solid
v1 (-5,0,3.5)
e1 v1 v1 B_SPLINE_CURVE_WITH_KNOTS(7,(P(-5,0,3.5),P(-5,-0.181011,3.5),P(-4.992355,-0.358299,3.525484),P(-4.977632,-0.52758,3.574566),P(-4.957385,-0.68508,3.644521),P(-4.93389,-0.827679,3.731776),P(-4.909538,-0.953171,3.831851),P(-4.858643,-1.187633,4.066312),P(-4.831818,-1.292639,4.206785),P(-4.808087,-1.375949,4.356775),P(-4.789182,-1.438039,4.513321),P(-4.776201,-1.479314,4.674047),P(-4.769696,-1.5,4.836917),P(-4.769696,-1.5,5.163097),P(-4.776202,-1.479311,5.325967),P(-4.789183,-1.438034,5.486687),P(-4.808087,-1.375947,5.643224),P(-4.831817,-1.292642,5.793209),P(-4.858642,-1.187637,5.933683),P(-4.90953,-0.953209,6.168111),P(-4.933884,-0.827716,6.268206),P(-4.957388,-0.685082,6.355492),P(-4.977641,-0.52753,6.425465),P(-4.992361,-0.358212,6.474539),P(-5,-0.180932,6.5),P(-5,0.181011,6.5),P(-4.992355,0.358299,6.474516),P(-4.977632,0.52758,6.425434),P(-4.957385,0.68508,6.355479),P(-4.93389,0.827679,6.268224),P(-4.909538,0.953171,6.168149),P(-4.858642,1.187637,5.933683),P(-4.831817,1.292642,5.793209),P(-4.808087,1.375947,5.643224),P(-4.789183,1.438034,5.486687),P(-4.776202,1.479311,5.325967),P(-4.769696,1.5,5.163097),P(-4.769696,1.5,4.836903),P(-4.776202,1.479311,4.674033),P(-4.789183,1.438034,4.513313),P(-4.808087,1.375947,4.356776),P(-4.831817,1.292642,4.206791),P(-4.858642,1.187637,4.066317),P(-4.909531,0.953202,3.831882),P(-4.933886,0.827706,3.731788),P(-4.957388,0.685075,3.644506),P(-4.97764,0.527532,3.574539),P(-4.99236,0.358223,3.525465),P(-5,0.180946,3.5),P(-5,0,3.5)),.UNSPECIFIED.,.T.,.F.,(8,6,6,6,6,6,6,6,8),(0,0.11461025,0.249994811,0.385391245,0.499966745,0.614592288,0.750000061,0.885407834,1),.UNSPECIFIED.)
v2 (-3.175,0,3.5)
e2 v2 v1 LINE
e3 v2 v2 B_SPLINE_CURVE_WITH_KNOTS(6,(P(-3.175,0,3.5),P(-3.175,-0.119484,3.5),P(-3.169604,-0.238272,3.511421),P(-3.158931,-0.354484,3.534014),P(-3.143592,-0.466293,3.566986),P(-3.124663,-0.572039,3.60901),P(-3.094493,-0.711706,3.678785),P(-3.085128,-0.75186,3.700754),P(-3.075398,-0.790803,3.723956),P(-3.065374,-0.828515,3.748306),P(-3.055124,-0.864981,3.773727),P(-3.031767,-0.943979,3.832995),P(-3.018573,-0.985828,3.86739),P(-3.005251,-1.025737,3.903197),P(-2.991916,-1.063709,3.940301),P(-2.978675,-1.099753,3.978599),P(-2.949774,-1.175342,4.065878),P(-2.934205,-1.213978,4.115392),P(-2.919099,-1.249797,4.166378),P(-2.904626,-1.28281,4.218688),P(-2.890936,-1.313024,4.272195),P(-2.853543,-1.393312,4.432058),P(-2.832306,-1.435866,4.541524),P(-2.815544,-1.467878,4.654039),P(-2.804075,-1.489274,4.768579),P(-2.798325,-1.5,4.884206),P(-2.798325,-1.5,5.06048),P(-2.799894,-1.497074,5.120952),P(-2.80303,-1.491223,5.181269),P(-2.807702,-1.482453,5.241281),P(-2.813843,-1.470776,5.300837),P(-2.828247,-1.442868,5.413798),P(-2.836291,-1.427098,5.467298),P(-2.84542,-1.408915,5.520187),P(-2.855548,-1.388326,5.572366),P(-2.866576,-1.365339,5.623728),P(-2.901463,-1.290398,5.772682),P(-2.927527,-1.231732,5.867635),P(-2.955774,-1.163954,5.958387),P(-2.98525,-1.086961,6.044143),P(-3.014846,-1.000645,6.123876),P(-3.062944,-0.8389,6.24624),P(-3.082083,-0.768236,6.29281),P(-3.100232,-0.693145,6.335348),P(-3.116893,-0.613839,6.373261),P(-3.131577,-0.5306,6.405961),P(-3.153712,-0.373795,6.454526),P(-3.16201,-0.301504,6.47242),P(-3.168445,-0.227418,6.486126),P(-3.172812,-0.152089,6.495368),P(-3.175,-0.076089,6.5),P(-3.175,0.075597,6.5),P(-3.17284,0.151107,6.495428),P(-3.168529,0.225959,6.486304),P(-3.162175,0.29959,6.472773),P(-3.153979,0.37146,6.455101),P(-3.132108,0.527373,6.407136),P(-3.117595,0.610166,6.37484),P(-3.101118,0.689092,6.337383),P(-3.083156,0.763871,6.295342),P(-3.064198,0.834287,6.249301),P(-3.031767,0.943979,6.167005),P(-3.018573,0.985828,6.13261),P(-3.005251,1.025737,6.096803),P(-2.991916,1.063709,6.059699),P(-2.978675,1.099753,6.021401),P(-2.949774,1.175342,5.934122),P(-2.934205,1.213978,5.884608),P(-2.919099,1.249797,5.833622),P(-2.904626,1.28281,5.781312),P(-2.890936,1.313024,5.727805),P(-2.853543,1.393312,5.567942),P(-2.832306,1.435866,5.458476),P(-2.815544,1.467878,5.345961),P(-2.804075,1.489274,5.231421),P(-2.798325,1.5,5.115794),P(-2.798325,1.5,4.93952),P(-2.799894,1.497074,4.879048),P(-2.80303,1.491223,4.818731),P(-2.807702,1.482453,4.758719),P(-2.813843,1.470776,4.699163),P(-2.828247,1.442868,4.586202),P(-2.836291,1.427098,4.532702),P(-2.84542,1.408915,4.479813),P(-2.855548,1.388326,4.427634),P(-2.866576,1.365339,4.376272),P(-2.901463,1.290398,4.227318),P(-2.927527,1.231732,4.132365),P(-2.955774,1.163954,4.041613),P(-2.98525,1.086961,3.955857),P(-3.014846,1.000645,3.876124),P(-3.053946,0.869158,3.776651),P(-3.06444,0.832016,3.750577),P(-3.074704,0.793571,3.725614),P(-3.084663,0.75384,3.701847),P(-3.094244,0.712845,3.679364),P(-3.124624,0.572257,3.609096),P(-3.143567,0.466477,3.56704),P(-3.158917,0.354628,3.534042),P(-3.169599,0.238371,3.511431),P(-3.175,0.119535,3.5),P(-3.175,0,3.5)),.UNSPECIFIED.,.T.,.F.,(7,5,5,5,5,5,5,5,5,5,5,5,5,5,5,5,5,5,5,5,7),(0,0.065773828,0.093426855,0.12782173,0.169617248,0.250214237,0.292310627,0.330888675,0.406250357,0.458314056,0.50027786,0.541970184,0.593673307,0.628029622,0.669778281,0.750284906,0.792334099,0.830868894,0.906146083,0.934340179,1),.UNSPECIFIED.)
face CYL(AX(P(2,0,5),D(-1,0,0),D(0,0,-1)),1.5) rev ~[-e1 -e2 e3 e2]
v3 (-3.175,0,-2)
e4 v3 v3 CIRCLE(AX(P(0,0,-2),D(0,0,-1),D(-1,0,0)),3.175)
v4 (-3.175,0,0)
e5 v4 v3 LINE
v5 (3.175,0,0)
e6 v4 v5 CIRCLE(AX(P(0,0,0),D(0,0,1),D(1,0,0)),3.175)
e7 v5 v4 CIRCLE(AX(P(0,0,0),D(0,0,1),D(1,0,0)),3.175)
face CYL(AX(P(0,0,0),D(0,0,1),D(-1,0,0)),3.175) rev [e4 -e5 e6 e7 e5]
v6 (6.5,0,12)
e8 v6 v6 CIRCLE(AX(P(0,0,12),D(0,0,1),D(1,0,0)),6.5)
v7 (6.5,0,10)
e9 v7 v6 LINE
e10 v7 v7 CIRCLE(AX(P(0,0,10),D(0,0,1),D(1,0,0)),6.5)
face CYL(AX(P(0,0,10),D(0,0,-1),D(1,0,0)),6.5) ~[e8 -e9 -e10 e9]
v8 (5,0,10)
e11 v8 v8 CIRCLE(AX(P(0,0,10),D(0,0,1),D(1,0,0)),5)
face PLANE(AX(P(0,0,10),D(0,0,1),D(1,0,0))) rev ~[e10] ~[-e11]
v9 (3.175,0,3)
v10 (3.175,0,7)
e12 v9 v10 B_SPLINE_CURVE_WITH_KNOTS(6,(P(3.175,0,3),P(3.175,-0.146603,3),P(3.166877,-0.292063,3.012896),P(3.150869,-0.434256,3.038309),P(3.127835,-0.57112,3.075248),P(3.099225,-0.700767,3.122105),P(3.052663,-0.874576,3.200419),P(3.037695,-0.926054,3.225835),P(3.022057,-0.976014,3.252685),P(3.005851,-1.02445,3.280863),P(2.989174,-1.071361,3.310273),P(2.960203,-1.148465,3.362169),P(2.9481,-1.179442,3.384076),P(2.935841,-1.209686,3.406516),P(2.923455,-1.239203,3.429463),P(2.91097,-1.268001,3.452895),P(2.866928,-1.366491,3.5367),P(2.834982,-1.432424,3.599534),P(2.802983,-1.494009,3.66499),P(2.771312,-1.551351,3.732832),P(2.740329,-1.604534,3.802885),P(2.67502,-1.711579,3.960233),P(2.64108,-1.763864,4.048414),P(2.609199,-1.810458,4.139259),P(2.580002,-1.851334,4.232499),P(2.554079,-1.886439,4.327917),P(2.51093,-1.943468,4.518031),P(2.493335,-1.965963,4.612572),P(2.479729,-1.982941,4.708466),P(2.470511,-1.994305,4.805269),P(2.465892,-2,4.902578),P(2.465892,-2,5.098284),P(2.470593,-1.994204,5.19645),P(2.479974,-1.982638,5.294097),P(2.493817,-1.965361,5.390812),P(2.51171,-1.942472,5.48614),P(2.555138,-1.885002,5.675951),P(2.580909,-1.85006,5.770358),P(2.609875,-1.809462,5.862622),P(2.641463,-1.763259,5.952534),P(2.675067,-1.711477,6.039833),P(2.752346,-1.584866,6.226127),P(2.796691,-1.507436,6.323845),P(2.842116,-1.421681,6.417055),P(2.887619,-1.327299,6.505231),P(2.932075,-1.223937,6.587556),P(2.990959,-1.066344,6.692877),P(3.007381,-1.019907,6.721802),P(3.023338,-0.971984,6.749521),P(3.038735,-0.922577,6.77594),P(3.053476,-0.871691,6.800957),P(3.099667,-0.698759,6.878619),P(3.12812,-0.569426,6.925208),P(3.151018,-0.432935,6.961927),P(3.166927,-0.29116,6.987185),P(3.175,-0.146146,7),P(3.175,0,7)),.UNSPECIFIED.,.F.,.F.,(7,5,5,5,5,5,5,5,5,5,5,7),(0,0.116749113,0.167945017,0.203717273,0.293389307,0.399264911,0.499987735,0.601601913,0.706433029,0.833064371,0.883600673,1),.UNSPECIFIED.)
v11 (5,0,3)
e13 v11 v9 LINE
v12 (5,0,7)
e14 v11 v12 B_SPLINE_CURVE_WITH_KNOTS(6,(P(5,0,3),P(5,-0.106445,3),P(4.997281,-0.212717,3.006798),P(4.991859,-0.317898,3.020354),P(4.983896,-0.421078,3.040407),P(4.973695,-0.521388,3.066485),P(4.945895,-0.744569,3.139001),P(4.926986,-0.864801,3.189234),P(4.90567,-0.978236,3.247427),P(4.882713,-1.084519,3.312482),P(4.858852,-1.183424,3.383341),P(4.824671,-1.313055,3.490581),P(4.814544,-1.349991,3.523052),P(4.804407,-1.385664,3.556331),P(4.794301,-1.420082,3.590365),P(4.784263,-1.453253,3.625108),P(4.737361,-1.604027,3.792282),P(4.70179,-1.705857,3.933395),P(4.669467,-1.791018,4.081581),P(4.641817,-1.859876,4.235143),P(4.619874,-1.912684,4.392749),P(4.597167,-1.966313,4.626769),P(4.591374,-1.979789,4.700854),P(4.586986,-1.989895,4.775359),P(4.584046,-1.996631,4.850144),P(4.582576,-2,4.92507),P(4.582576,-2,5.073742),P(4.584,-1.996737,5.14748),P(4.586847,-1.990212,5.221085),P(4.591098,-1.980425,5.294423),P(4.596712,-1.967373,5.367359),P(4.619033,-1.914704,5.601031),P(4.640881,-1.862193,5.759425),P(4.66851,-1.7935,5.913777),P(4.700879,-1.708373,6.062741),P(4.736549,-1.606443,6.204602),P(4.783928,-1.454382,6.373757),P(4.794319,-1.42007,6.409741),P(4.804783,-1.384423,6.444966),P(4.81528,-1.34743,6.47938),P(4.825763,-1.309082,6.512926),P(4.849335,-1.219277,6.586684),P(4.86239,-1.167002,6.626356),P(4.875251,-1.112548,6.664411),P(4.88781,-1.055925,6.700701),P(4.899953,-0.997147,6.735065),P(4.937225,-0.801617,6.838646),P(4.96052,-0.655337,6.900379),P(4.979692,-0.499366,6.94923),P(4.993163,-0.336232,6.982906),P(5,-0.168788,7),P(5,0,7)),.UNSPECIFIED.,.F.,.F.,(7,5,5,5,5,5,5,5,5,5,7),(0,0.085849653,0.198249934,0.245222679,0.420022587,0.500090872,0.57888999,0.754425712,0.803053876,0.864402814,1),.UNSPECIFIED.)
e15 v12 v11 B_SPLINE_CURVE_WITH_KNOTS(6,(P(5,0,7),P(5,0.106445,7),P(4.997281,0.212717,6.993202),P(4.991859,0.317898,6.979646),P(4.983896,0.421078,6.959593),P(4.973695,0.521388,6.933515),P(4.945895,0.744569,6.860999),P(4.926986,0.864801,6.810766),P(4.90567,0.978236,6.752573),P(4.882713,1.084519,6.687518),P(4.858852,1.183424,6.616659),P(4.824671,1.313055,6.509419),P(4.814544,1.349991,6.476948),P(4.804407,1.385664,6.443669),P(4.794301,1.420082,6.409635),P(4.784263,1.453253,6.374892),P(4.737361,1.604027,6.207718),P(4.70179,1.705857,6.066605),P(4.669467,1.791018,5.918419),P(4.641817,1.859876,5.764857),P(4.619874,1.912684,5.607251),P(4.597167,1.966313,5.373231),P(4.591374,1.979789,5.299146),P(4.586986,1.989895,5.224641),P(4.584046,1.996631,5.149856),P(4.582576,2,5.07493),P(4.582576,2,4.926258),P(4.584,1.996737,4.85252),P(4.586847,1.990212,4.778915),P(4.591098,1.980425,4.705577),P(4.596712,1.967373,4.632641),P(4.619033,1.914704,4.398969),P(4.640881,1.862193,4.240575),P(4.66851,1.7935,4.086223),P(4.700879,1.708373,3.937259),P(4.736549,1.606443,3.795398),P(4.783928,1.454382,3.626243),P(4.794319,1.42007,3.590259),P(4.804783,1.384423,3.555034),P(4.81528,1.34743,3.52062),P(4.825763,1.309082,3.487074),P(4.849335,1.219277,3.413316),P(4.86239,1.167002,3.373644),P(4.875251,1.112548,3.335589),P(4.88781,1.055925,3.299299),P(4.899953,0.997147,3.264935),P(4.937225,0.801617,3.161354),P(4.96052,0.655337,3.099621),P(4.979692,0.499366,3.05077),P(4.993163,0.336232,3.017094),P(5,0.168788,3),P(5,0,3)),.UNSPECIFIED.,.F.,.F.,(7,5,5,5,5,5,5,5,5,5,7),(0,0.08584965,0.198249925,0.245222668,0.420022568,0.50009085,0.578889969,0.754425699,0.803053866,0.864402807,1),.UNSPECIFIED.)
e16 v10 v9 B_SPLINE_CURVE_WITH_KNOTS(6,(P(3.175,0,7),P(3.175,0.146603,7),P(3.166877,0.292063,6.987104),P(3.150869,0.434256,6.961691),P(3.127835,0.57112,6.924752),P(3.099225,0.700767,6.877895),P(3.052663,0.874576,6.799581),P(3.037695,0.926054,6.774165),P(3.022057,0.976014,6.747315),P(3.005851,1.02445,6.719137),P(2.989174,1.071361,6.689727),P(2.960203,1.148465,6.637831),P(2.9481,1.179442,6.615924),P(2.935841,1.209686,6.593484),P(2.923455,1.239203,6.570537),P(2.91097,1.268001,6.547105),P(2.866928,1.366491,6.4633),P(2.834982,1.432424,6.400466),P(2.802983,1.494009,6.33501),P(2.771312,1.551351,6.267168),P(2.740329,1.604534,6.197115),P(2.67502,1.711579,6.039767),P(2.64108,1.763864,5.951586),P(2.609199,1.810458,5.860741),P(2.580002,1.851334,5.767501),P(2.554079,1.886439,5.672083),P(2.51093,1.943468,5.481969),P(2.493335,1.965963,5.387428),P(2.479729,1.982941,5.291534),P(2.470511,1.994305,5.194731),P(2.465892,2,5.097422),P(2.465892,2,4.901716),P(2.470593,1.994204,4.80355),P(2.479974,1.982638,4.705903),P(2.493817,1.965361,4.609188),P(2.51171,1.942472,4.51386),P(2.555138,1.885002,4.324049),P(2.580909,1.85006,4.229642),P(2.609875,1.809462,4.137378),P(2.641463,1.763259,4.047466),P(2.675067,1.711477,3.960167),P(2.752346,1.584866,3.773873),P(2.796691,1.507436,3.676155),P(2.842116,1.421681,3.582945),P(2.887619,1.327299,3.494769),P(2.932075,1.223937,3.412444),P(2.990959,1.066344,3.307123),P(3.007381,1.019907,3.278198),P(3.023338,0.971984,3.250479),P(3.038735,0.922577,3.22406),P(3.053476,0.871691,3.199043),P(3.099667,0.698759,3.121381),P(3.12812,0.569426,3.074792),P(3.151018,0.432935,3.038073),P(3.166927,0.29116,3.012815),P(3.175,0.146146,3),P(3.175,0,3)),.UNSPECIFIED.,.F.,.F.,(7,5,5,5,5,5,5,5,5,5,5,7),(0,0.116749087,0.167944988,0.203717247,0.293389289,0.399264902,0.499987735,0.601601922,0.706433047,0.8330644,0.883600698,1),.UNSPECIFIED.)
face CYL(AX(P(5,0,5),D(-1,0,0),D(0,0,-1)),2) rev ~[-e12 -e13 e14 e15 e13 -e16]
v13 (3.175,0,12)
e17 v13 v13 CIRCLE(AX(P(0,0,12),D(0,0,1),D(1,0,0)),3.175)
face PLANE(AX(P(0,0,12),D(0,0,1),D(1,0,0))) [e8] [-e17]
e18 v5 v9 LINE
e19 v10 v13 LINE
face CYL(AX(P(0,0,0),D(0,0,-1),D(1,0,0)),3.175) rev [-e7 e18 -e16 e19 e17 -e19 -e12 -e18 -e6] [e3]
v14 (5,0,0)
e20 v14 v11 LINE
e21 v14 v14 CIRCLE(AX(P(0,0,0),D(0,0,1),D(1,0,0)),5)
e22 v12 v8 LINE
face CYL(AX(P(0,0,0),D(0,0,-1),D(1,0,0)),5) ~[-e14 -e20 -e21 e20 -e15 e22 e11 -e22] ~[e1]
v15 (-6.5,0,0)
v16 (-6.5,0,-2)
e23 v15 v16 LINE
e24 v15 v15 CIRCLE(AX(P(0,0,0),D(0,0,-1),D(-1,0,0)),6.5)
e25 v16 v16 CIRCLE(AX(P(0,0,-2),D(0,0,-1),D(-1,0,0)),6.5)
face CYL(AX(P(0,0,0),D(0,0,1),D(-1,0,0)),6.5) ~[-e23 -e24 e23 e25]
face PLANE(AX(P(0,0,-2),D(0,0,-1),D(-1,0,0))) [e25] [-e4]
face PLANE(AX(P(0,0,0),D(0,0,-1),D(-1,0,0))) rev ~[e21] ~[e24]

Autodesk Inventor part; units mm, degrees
ref_plane "XZ Plane" through (0, 0, 0) normal (0, 1, 0) x (-1, 0, 0)
ref_plane "XY Plane" through (0, 0, 0) normal (0, 0, 1) x (1, 0, 0)
sketch "Sketch1" plane through (0, 0, 0) normal (0, 0, 1) x (1, 0, 0)
  circle A0 centre (0, 0) radius 5
  circle A1 centre (0, 0) radius 3.175
  dimension "d0" = 10
  dimension "d1" = 6.35
extrude "Extrusion1" add sketch "Sketch1" along normal blind 10
sketch "Sketch2" plane through (0, 0, 10) normal (0, 0, 1) x (1, 0, 0)
  circle A0 centre (0, 0) radius 6.5
  circle A1 centre (0, 0) radius 3.175 projected
  dimension "d4" = 13
sketch "Sketch4" plane through (0, 0, 0) normal (0, 0, -1) x (-1, 0, 0)
  circle A0 centre (0, 0) radius 6.5
  circle A1 centre (0, 0) radius 3.175 projected
  dimension "d8" = 13
extrude "Extrusion4" add sketch "Sketch2" along normal blind 2
extrude "Extrusion5" add sketch "Sketch4" along normal blind 2
ref_plane "Work Plane1" through (5, 0, 0) normal (1, 0, 0) x (0, 1, 0)
sketch "Sketch5" plane through (5, 0, 0) normal (1, 0, 0) x (0, 1, 0)
  line L0 (6.5, 0) -> (-6.5, 0) projected
  line L1 (-6.5, 10) -> (6.5, 10) projected
  line L2 (0, 0) -> (0, 10)
  point P0 (0, 5)
hole "Hole1" at (5, 0, 5) direction (-1, 0, 0) diameter 3 end through all counterbore diameter 4 counterbore depth 3
ref_plane "Work Plane2" through (-5, 0, 0) normal (1, 0, 0) x (0, 1, 0)
sketch "Sketch6" plane through (-5, 0, 0) normal (1, 0, 0) x (0, 1, 0)
  line L0 (0, 3.5) -> (0, 3.5)
  point P0 (0, 0)
  point P1 (1.5, 5)
equation "\"d13\" = lip"
equation "\"d15\" = lip"
equation "\"lip\" = 2"
properties part number "firstSpindle"
